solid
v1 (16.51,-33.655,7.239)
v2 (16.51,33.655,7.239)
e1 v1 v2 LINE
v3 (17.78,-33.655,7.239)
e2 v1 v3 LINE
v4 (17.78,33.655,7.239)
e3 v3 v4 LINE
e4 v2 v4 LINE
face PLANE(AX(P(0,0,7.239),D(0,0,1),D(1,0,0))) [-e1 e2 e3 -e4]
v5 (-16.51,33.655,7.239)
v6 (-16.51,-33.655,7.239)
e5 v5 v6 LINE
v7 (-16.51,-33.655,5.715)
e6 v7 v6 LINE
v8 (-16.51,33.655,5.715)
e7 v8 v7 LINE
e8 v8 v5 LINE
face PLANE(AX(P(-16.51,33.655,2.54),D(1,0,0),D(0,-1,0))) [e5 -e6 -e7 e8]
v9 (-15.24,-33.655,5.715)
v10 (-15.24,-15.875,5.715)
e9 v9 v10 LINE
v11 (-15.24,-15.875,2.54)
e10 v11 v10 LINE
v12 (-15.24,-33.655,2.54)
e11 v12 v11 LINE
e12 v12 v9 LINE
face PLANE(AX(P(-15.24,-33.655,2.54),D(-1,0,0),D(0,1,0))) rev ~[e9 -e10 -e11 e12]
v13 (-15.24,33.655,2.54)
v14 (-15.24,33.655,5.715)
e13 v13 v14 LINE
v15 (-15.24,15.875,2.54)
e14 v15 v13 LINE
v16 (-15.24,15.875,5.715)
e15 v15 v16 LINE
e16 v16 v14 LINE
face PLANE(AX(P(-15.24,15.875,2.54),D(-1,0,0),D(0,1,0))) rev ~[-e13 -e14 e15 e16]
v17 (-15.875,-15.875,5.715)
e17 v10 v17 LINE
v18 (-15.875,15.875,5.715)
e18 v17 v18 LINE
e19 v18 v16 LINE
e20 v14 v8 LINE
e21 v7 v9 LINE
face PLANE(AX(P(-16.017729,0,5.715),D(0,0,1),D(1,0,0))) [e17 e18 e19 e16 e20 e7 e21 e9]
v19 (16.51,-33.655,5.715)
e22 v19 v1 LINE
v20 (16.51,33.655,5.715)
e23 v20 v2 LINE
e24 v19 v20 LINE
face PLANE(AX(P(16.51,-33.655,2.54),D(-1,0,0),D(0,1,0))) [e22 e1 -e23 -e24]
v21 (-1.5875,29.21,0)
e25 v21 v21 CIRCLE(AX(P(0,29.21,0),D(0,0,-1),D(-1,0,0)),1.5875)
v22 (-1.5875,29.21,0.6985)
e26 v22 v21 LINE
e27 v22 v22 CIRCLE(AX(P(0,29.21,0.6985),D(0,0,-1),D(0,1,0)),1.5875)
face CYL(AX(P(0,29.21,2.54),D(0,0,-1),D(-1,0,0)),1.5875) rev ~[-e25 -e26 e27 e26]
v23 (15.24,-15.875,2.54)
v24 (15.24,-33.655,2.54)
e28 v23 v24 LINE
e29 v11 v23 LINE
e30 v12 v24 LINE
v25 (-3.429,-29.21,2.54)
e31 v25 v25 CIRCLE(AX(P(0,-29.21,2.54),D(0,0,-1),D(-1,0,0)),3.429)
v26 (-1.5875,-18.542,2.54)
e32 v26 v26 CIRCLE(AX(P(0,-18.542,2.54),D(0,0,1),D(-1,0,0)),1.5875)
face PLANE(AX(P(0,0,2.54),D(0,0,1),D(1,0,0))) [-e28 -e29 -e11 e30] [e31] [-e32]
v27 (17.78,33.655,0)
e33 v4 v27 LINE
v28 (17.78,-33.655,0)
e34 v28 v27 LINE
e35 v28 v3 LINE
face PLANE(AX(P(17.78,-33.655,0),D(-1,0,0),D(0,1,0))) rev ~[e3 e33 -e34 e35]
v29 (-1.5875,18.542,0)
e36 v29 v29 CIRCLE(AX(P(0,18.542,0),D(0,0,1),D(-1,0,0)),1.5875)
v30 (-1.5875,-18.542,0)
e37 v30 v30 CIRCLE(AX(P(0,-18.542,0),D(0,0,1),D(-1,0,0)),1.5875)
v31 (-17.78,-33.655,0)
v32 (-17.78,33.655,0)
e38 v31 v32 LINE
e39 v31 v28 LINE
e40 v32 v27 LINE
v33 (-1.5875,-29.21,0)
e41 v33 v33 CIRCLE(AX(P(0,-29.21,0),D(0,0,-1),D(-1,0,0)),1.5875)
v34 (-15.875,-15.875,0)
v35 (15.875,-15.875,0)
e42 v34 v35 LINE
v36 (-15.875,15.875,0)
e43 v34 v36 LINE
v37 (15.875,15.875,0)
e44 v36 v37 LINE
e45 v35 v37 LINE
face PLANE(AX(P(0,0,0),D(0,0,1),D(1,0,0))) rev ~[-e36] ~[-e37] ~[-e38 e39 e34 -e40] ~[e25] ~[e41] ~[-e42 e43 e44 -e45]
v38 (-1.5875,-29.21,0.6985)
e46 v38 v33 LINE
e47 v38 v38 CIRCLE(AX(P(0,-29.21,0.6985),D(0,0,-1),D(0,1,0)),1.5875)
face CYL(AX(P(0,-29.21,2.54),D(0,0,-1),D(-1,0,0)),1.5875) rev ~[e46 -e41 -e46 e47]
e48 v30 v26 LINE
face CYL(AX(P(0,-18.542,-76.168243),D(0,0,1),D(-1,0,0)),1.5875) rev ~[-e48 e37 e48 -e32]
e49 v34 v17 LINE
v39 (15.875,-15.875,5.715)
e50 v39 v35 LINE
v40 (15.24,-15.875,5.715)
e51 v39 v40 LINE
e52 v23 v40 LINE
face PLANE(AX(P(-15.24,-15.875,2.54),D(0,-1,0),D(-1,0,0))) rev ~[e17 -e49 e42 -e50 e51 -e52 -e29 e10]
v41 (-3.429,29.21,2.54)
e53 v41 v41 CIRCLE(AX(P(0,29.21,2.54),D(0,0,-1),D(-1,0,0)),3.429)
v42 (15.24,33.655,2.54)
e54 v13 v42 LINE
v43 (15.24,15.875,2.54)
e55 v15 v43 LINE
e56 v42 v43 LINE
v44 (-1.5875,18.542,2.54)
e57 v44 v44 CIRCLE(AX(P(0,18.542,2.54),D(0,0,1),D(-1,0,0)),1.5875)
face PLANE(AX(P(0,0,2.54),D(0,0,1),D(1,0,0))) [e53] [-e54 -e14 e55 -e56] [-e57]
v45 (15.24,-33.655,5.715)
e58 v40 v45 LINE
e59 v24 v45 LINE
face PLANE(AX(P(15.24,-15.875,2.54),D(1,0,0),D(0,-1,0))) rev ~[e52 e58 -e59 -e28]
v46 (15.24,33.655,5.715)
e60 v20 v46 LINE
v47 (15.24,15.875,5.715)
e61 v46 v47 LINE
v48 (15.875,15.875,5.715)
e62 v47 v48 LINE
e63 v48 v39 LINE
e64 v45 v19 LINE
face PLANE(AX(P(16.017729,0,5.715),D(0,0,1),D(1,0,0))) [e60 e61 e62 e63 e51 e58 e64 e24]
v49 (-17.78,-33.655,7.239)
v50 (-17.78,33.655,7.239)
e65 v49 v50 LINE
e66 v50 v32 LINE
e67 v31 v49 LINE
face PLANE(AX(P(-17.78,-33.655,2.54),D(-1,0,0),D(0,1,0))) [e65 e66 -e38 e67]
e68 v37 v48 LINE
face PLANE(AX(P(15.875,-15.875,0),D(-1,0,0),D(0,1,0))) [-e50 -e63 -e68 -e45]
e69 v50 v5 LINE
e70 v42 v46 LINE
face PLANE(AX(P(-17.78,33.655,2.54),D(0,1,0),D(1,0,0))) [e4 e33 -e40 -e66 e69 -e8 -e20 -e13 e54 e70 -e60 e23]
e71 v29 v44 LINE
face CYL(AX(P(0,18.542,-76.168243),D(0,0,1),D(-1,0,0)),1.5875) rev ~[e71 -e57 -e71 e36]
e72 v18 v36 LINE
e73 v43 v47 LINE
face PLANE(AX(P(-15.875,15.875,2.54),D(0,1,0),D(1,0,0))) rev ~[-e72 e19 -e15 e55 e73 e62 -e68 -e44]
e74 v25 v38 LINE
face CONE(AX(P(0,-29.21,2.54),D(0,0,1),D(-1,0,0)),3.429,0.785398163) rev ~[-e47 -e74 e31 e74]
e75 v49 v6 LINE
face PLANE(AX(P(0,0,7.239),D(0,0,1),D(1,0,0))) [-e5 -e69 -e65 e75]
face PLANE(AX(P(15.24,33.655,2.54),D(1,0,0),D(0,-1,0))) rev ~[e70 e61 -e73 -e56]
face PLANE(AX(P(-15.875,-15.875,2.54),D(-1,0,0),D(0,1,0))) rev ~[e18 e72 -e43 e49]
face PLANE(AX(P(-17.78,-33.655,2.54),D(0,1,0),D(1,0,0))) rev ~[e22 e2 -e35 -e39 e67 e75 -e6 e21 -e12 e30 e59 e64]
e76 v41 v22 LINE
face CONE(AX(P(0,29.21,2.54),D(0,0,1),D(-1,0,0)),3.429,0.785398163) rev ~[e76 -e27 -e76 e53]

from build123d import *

# Parameters (mm, degrees)
F0_W           = 35.56
F0_H           = 67.31
F0_W_2         = 31.75
F0_H_2         = 31.75
F1_DEPTH       = 2.54
F3_D           = 3.175
F3_CSINK_D     = 6.858
F3_CSINK_ANGLE = 90
F4_D           = 3.175
F6_DEPTH       = 3.175
F7_DEPTH       = 4.699


with BuildPart() as f1:
    # F0 (on Top) → F1 (new body)
    with BuildSketch(Plane.XY):
        Rectangle(F0_W, F0_H)
        Rectangle(F0_W_2, F0_H_2, mode=Mode.SUBTRACT)
    extrude(amount=F1_DEPTH)

    # F3 (through all)
    with Locations(Plane.XY.offset(2.54)):
        with Locations((0, 29.21), (0, -29.21)):
            CounterSinkHole(F3_D / 2, F3_CSINK_D / 2, counter_sink_angle=F3_CSINK_ANGLE)

    # F4 (through all)
    with Locations(Plane(origin=(0, 0, 0), x_dir=(1, 0, 0), z_dir=(0, 0, -1))):
        with Locations((0, -18.542), (0, 18.542)):
            Hole(F4_D / 2)

    # F5 (on face) → F6 (join)
    with BuildSketch(Plane.XY.offset(2.54)):
        Polygon((-15.24, 33.655), (-16.51, 33.655), (-16.51, -33.655), (-15.24, -33.655), (-15.24, -15.875), (-15.875, -15.875), (-15.875, 15.875), (-15.24, 15.875), align=None)
        Polygon((16.51, 33.655), (15.24, 33.655), (15.24, 15.875), (15.875, 15.875), (15.875, -15.875), (15.24, -15.875), (15.24, -33.655), (16.51, -33.655), align=None)
    extrude(amount=F6_DEPTH)

    # F7 (add): faces of the model
    f7_faces = [f1.faces().sort_by_distance(p)[0] for p in [
        (-17.145, 0, 2.54),
        (17.145, 0, 2.54),
    ]]
    extrude(f7_faces, amount=F7_DEPTH)


solid = f1.part
